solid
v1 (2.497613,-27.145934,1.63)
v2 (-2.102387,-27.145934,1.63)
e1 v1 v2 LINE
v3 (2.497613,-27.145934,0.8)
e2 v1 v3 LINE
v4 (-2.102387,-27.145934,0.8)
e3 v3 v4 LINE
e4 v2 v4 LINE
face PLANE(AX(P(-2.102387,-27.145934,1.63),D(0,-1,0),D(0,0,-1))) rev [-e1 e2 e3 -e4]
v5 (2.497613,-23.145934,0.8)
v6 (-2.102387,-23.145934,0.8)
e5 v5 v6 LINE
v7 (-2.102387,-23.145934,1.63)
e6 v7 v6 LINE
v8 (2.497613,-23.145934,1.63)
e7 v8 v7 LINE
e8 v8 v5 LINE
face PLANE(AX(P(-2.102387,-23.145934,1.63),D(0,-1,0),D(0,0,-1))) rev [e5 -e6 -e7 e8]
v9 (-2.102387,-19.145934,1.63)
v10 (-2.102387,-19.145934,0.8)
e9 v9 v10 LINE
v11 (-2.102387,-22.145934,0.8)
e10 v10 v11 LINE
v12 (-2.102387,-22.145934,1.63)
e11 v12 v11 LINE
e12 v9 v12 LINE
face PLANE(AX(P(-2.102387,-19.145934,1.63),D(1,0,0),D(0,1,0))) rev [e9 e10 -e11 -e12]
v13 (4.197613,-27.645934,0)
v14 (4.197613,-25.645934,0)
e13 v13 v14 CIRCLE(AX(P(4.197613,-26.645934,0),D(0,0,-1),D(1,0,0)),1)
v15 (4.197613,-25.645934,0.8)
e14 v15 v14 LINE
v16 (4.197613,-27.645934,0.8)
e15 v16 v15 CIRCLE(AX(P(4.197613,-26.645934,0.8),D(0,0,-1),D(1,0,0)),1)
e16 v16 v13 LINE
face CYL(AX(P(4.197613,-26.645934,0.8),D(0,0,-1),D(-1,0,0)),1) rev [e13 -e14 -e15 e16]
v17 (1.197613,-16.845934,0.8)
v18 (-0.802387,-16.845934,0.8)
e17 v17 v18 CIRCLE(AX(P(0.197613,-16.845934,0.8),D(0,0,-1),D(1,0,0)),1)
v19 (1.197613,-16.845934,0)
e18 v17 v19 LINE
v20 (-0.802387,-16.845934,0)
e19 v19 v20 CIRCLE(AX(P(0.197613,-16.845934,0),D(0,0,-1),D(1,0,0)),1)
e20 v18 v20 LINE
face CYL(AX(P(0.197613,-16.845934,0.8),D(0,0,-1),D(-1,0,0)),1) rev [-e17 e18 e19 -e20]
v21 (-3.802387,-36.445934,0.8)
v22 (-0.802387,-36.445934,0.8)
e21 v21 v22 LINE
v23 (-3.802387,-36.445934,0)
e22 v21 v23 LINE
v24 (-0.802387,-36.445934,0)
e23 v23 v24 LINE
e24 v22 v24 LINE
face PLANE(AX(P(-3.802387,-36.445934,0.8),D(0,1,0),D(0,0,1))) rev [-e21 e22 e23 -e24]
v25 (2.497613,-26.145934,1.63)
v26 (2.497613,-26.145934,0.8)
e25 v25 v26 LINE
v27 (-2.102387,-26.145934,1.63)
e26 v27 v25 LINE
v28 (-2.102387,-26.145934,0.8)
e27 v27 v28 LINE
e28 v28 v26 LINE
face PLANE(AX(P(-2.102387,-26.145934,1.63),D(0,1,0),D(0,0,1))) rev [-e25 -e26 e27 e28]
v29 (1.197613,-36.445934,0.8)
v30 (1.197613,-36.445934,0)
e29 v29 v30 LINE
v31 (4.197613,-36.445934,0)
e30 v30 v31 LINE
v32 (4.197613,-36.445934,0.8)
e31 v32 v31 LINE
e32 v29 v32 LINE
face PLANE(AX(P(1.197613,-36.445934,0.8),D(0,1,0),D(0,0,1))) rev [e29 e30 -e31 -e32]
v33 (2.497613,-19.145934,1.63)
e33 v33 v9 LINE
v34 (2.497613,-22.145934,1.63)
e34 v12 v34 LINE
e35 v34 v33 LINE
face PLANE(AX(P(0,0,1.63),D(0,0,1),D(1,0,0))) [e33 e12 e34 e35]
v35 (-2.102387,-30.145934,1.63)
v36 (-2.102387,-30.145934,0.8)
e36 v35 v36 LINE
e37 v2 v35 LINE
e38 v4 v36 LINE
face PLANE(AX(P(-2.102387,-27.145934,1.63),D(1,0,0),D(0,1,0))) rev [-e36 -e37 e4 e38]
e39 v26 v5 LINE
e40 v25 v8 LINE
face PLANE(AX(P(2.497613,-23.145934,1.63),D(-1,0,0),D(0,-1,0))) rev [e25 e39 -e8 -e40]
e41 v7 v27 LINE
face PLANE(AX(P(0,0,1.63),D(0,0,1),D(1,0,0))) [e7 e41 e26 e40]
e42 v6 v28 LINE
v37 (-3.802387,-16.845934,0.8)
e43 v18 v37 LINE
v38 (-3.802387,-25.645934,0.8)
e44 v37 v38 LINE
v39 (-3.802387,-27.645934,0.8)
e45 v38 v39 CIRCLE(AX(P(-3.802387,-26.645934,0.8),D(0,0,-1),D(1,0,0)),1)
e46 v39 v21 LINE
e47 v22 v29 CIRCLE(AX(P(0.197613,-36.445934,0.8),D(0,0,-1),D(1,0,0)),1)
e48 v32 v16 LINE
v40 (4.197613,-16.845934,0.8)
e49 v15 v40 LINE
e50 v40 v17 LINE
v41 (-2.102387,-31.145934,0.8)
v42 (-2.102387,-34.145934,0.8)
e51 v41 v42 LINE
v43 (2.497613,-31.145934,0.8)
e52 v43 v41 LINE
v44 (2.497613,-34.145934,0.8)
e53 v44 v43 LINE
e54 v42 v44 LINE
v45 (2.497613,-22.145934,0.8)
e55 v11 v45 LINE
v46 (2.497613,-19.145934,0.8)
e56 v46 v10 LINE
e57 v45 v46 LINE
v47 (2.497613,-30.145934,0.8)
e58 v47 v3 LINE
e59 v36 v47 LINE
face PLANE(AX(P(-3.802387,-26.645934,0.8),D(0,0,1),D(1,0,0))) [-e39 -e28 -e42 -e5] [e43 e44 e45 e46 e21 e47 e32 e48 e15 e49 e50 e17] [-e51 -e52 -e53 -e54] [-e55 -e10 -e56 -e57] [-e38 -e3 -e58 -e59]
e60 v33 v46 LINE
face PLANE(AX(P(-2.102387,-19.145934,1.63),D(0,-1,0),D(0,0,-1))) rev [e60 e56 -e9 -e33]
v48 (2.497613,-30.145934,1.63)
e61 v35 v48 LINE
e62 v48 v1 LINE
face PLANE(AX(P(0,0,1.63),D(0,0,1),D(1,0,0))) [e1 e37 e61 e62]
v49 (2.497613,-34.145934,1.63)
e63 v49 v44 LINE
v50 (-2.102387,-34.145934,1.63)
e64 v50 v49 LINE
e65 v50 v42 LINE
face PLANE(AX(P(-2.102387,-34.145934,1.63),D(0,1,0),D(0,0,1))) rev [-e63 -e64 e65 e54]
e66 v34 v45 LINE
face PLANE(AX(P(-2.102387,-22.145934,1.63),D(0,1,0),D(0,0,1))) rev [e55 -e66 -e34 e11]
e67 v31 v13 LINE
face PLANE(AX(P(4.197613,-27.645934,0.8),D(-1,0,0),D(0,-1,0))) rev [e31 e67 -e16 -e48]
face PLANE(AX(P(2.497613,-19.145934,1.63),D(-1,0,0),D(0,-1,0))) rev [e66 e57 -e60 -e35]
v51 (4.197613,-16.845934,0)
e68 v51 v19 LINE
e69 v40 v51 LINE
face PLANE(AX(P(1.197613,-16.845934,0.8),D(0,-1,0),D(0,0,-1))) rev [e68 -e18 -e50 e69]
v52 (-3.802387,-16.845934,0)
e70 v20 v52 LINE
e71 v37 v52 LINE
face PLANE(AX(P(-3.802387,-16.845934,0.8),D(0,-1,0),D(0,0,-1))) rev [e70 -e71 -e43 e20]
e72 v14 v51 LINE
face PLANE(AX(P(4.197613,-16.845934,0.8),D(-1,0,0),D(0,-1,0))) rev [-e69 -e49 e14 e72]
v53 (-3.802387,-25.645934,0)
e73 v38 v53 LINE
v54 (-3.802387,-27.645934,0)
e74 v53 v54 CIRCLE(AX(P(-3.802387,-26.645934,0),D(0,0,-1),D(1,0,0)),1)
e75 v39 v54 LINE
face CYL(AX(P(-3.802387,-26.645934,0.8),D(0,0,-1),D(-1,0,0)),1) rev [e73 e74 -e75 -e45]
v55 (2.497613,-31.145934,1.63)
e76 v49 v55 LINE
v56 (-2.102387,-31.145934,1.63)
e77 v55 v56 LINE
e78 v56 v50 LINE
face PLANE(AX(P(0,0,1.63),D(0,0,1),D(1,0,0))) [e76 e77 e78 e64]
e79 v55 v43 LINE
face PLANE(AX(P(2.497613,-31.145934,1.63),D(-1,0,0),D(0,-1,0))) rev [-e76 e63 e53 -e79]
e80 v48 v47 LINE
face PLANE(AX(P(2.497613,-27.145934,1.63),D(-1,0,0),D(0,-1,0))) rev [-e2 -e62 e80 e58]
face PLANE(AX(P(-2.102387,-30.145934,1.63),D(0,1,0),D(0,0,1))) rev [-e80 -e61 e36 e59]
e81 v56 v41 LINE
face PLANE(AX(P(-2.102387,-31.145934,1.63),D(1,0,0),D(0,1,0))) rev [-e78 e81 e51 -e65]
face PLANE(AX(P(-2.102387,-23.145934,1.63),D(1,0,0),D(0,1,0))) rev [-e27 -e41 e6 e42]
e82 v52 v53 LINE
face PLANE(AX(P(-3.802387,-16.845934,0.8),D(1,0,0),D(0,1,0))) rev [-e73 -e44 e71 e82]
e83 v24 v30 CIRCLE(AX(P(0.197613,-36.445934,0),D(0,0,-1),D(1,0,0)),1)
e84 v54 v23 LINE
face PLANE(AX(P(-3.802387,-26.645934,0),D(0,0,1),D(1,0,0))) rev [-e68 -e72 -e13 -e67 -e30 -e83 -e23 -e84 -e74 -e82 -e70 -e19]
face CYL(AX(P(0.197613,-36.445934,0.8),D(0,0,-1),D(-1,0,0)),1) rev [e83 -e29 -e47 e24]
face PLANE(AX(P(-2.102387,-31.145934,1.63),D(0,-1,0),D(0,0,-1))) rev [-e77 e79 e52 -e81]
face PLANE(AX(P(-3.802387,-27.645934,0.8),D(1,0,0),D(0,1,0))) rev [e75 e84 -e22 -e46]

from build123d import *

# Parameters (mm, degrees)
EXTRUDE1_DEPTH = 0.8
SKETCH2_W      = 4.6
SKETCH2_H      = 3
EXTRUDE2_DEPTH = 0.83


with BuildPart() as part:
    # Sketch1 → Extrude1 (new body)
    with BuildSketch(Plane.XY):
        with BuildLine():
            Line((1.197612835, -16.845933624), (4.197612835, -16.845933624))
            Line((4.197612835, -16.845933624), (4.197612835, -25.645933624))
            ThreePointArc((4.197612835, -25.645933624), (3.197612835, -26.645933624), (4.197612835, -27.645933624))
            Line((4.197612835, -27.645933624), (4.197612835, -36.445933624))
            Line((4.197612835, -36.445933624), (1.197612835, -36.445933624))
            ThreePointArc((1.197612835, -36.445933624), (0.197612835, -35.445933624), (-0.802387165, -36.445933624))
            Line((-0.802387165, -36.445933624), (-3.802387165, -36.445933624))
            Line((-3.802387165, -36.445933624), (-3.802387165, -27.645933624))
            ThreePointArc((-3.802387165, -27.645933624), (-2.802387165, -26.645933624), (-3.802387165, -25.645933624))
            Line((-3.802387165, -25.645933624), (-3.802387165, -16.845933624))
            Line((-3.802387165, -16.845933624), (-0.802387165, -16.845933624))
            ThreePointArc((-0.802387165, -16.845933624), (0.197612835, -17.845933624), (1.197612835, -16.845933624))
        make_face()
    extrude(amount=EXTRUDE1_DEPTH)

    # Sketch2 → Extrude2 (add)
    with BuildSketch(Plane.XY.offset(0.8)):
        with Locations((0.197612835, -20.645933624)):
            Rectangle(SKETCH2_W, SKETCH2_H)
        with Locations((0.197612835, -32.645933624)):
            Rectangle(SKETCH2_W, SKETCH2_H)
        with Locations((0.197612835, -24.645933624)):
            Rectangle(SKETCH2_W, SKETCH2_H)
        with Locations((0.197612835, -28.645933624)):
            Rectangle(SKETCH2_W, SKETCH2_H)
    extrude(amount=EXTRUDE2_DEPTH)


solid = part.part
